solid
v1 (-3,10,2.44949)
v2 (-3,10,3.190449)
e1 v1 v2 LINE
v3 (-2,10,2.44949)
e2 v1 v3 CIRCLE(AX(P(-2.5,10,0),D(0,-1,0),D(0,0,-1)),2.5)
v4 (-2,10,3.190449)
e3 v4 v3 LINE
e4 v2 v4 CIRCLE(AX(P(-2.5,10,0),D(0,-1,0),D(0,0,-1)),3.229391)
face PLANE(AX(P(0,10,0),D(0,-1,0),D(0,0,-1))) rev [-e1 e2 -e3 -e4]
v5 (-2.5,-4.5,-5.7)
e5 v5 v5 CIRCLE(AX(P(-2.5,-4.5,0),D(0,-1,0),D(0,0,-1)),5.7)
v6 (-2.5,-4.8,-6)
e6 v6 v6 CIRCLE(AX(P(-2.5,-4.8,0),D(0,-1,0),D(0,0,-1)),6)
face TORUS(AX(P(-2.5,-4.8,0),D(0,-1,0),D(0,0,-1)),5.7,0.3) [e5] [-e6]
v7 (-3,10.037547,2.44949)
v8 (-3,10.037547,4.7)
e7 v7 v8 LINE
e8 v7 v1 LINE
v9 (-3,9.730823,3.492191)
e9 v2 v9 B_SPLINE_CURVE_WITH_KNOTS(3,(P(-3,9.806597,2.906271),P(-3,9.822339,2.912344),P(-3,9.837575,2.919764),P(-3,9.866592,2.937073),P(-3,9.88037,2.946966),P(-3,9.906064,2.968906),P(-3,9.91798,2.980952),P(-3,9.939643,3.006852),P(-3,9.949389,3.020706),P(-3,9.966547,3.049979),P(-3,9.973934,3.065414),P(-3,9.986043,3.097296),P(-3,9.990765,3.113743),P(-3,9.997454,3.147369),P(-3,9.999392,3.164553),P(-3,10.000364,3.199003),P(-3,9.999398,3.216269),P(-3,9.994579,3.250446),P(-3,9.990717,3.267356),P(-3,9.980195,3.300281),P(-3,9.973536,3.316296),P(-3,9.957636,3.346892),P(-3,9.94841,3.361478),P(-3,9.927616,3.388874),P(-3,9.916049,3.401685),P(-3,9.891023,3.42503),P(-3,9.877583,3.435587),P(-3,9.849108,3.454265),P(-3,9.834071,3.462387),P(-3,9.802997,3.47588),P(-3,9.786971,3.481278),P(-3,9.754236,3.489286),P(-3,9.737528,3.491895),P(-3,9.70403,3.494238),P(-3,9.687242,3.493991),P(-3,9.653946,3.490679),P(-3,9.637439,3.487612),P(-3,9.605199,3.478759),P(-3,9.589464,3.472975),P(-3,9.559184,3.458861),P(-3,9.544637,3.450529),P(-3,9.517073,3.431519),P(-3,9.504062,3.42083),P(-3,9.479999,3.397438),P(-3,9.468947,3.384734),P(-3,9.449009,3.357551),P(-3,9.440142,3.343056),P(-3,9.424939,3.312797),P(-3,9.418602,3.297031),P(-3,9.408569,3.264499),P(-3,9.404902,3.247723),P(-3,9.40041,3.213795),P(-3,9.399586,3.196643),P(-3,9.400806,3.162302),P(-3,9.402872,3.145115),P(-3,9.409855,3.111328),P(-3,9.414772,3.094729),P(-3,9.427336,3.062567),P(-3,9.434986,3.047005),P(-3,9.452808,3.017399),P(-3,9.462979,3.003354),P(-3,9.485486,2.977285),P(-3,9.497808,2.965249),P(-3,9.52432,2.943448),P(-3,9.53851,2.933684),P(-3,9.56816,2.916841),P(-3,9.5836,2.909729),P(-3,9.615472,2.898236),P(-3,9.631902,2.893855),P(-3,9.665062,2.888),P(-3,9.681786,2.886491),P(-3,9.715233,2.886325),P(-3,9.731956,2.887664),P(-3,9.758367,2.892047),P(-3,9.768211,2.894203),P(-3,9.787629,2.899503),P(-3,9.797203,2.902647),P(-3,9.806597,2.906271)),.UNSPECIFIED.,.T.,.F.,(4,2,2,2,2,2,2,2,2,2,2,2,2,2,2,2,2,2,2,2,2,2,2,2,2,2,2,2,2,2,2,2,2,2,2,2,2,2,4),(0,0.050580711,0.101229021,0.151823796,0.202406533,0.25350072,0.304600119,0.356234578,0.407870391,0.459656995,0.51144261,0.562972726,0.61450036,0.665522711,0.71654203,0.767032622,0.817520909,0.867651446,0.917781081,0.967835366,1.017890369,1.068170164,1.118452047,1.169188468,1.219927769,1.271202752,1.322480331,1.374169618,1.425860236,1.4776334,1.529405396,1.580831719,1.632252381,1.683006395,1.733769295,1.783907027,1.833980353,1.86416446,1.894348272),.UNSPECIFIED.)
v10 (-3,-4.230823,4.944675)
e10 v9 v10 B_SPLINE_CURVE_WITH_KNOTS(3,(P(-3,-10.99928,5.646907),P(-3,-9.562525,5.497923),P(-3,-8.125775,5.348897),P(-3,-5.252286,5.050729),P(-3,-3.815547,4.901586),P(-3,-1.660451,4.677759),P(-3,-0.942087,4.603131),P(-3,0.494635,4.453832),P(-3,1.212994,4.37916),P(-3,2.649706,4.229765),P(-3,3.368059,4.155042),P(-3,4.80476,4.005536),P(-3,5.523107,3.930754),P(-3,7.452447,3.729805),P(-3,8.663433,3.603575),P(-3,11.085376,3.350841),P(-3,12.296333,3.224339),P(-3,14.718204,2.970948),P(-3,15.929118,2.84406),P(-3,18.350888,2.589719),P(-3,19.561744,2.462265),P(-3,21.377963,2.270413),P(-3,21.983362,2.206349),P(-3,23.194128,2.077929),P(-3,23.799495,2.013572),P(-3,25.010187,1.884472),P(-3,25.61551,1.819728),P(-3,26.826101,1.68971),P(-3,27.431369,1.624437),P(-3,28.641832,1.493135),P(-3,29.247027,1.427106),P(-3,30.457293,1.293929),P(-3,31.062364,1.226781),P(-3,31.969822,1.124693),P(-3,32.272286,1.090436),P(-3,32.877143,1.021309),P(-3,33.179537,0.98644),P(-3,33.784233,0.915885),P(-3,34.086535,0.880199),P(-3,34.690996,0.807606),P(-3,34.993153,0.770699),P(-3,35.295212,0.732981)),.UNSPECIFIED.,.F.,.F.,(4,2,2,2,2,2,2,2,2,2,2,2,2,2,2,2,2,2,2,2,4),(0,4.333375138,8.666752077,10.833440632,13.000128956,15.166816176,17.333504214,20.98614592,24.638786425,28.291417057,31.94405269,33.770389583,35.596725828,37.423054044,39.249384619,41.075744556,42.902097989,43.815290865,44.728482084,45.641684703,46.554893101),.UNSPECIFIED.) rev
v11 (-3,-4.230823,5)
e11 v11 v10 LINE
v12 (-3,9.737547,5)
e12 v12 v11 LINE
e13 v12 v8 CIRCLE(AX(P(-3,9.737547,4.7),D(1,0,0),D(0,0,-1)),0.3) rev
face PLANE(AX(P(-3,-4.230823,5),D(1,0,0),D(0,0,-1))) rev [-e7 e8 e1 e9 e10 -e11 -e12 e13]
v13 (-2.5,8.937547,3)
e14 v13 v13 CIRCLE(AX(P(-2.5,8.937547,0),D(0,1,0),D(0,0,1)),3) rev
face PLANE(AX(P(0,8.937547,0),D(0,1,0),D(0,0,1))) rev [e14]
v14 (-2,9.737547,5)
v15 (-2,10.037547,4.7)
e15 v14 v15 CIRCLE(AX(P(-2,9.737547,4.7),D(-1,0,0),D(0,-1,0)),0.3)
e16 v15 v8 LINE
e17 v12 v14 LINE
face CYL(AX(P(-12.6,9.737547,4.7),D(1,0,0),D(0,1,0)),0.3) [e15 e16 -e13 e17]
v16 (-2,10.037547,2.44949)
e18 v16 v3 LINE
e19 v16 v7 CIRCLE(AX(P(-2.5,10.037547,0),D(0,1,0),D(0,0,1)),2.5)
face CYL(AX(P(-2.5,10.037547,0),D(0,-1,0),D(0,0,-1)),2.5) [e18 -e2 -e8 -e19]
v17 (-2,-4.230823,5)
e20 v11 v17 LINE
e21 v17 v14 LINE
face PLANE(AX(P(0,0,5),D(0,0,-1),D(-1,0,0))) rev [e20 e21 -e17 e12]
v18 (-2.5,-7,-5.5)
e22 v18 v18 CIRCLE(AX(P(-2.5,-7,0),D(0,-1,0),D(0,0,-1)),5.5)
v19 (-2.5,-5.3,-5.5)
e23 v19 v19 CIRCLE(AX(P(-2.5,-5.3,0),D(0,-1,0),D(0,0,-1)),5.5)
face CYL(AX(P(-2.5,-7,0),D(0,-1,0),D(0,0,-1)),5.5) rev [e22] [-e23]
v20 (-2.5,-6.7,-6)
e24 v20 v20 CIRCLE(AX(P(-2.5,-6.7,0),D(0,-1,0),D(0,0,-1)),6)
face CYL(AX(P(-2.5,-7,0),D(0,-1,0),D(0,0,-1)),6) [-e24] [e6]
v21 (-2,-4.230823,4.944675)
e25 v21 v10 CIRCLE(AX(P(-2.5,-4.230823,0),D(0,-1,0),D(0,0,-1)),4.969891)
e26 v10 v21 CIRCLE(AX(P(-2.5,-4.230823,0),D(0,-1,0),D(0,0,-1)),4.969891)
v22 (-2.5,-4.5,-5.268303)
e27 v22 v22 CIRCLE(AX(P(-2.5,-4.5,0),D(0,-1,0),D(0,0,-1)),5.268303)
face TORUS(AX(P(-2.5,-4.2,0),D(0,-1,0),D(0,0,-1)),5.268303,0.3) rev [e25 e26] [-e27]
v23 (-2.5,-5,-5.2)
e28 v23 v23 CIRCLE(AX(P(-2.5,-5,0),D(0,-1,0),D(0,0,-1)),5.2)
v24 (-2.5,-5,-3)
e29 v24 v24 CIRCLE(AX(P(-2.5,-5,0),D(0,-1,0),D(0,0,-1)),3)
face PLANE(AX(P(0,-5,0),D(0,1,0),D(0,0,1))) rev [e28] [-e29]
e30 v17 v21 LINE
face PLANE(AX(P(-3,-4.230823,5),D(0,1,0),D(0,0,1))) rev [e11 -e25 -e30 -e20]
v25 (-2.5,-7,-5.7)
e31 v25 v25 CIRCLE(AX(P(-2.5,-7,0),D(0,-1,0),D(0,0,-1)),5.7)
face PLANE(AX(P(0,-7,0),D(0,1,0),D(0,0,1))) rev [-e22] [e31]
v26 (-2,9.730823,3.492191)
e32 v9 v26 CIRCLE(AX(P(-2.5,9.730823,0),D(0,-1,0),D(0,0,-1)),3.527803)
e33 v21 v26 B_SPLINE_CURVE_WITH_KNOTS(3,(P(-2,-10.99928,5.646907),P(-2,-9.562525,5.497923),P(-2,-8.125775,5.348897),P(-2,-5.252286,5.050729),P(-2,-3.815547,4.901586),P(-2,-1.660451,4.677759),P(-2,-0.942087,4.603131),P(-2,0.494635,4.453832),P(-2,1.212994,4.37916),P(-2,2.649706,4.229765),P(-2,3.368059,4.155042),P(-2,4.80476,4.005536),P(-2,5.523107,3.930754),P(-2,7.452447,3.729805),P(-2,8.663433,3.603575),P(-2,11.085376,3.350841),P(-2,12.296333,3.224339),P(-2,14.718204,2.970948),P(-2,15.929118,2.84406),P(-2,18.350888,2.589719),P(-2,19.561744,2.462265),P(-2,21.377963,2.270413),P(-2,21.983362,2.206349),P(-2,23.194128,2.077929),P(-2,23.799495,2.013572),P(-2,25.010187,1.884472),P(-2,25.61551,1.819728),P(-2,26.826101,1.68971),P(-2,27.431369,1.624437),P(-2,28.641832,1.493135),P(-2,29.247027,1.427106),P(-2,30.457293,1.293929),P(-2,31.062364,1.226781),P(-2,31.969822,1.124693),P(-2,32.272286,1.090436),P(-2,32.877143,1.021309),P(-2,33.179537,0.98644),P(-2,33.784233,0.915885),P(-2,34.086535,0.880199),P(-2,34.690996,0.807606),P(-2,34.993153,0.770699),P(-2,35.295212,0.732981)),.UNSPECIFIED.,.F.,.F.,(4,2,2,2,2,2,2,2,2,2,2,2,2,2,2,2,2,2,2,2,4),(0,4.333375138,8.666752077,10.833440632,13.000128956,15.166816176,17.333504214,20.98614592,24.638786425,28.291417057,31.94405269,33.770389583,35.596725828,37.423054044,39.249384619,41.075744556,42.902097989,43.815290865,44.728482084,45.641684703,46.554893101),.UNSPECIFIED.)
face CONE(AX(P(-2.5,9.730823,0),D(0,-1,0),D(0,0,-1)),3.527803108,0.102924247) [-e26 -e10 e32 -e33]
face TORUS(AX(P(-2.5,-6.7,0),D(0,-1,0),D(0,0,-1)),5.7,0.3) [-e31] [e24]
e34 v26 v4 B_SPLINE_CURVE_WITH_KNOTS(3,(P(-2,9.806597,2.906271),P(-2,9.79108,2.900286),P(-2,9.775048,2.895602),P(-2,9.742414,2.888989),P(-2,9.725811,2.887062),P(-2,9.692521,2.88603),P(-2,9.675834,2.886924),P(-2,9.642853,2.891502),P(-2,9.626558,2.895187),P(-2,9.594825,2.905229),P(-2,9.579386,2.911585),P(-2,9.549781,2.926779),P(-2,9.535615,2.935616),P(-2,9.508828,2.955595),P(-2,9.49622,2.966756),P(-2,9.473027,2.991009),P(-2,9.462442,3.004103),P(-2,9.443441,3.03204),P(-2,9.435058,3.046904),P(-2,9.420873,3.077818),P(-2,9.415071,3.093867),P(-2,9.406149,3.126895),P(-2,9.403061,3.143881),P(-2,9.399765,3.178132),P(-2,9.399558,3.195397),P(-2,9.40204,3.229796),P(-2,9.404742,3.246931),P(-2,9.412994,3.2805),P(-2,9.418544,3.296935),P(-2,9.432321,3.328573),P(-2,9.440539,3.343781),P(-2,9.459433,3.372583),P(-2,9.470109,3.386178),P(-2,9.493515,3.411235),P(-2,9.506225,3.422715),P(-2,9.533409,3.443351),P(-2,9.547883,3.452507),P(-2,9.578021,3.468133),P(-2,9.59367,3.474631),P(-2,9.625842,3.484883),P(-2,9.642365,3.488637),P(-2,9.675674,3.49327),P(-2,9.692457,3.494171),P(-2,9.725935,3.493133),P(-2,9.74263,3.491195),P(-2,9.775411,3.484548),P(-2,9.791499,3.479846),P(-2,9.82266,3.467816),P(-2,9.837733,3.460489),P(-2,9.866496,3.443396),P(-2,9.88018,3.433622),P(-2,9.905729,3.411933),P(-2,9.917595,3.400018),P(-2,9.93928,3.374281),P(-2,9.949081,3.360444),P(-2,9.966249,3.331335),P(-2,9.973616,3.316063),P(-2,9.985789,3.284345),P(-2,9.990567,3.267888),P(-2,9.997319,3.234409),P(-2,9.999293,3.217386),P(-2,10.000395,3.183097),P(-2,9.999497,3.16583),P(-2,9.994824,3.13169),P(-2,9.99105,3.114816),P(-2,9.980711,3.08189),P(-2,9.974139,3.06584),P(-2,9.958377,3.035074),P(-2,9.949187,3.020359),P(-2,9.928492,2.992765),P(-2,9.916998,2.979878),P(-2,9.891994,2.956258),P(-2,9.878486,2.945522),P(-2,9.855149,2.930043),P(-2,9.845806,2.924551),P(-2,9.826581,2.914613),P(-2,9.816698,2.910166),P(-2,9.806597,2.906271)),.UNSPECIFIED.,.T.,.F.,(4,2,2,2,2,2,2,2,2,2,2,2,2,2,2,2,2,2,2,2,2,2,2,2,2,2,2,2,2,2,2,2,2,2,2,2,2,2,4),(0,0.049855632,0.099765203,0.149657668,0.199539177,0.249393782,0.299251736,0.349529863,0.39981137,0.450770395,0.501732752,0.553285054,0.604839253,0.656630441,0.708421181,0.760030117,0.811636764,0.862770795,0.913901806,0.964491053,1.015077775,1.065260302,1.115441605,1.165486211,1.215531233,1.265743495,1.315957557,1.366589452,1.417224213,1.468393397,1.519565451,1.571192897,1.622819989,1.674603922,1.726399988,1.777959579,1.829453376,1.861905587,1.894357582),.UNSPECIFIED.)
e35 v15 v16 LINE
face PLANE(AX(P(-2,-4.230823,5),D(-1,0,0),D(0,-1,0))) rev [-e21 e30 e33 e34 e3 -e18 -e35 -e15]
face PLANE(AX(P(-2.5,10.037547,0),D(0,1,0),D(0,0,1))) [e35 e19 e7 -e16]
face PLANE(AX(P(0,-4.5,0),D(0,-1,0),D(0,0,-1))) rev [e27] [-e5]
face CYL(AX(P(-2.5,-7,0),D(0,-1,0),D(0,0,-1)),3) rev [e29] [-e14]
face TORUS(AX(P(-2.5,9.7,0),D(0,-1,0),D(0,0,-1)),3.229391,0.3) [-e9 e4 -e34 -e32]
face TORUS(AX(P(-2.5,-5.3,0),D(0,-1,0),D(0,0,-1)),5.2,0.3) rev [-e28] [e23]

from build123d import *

# Parameters (mm, degrees)
CROQUIS2_W              = 1
CROQUIS2_H              = 14.230822787
SALIENTE_EXTRUIR1_DEPTH = 5
SALIENTE_EXTRUIR3_DEPTH = 0.6
CORTAR_EXTRUIR1_DEPTH   = 10.6
CROQUIS5_R              = 3
CORTAR_EXTRUIR2_DEPTH   = 13.937547


with BuildPart() as part:
    # Croquis1 → Revolución1 (revolve)
    with BuildSketch(Plane.XY):
        with BuildLine():
            ThreePointArc((0.729390716, 10), (0.930329965, 9.922763143), (1.027803108, 9.730822787))
            Line((1.027803108, 9.730822787), (2.469890767, -4.230822787))
            ThreePointArc((2.469890767, -4.230822787), (2.56736391, -4.422763143), (2.768303159, -4.5))
            Line((2.768303159, -4.5), (3.2, -4.5))
            ThreePointArc((3.2, -4.5), (3.412132034, -4.587867966), (3.5, -4.8))
            Line((3.5, -4.8), (3.5, -6.7))
            ThreePointArc((3.5, -6.7), (3.412132034, -6.912132034), (3.2, -7))
            Line((3.2, -7), (3, -7))
            Line((3, -7), (3, -5.3))
            ThreePointArc((3, -5.3), (2.912132034, -5.087867966), (2.7, -5))
            Line((2.7, -5), (0.5, -5))
            Line((0.5, -5), (0.5, 8.637546769))
            ThreePointArc((0.5, 8.637546769), (0.412132034, 8.849678803), (0.2, 8.937546769))
            Line((0.2, 8.937546769), (-2.5, 8.937546769))
            Line((-2.5, 8.937546769), (-2.5, 9.437546769))
            Line((-2.5, 9.437546769), (0, 9.437546769))
            Line((0, 9.437546769), (0, 10))
            Line((0, 10), (0.729390716, 10))
        make_face()
    revolve(axis=Axis((-2.5, -7, 0), (0, 1, 0)))

    # Croquis2 → Saliente-Extruir1 (add)
    with BuildSketch(Plane.XY):
        with Locations((-2.5, 2.884588606)):
            Rectangle(CROQUIS2_W, CROQUIS2_H)
    extrude(amount=SALIENTE_EXTRUIR1_DEPTH)

    # Croquis3 → Saliente-Extruir3 (add)
    with BuildSketch(Plane(origin=(0, 9.437546769, 0), x_dir=(1, 0, 0), z_dir=(0, 1, 0))):
        with BuildLine():
            Line((-3, -4.944675342), (-2, -5))
            Line((-2, -5), (-2, -2.449489743))
            ThreePointArc((-2, -2.449489743), (-2.5, 2.5), (-3, -2.449489743))
            Line((-3, -2.449489743), (-3, -4.944675342))
        make_face()
    extrude(amount=SALIENTE_EXTRUIR3_DEPTH)

    # Croquis4 → Cortar-Extruir1 (cut)
    with BuildSketch(Plane(origin=(-2, 0, 0), x_dir=(0, 0, -1), z_dir=(1, 0, 0))):
        with BuildLine():
            Line((-5, 9.737546769), (-5, 10.037546769))
            Line((-5, 10.037546769), (-4.7, 10.037546769))
            ThreePointArc((-4.7, 10.037546769), (-4.912132034, 9.949678803), (-5, 9.737546769))
        make_face()
    extrude(amount=-CORTAR_EXTRUIR1_DEPTH, mode=Mode.SUBTRACT)

    # Croquis5 → Cortar-Extruir2 (cut)
    with BuildSketch(Plane.XZ.offset(5)):
        with Locations((-2.5, 0)):
            Circle(CROQUIS5_R)
    extrude(amount=-CORTAR_EXTRUIR2_DEPTH, mode=Mode.SUBTRACT)


solid = part.part
